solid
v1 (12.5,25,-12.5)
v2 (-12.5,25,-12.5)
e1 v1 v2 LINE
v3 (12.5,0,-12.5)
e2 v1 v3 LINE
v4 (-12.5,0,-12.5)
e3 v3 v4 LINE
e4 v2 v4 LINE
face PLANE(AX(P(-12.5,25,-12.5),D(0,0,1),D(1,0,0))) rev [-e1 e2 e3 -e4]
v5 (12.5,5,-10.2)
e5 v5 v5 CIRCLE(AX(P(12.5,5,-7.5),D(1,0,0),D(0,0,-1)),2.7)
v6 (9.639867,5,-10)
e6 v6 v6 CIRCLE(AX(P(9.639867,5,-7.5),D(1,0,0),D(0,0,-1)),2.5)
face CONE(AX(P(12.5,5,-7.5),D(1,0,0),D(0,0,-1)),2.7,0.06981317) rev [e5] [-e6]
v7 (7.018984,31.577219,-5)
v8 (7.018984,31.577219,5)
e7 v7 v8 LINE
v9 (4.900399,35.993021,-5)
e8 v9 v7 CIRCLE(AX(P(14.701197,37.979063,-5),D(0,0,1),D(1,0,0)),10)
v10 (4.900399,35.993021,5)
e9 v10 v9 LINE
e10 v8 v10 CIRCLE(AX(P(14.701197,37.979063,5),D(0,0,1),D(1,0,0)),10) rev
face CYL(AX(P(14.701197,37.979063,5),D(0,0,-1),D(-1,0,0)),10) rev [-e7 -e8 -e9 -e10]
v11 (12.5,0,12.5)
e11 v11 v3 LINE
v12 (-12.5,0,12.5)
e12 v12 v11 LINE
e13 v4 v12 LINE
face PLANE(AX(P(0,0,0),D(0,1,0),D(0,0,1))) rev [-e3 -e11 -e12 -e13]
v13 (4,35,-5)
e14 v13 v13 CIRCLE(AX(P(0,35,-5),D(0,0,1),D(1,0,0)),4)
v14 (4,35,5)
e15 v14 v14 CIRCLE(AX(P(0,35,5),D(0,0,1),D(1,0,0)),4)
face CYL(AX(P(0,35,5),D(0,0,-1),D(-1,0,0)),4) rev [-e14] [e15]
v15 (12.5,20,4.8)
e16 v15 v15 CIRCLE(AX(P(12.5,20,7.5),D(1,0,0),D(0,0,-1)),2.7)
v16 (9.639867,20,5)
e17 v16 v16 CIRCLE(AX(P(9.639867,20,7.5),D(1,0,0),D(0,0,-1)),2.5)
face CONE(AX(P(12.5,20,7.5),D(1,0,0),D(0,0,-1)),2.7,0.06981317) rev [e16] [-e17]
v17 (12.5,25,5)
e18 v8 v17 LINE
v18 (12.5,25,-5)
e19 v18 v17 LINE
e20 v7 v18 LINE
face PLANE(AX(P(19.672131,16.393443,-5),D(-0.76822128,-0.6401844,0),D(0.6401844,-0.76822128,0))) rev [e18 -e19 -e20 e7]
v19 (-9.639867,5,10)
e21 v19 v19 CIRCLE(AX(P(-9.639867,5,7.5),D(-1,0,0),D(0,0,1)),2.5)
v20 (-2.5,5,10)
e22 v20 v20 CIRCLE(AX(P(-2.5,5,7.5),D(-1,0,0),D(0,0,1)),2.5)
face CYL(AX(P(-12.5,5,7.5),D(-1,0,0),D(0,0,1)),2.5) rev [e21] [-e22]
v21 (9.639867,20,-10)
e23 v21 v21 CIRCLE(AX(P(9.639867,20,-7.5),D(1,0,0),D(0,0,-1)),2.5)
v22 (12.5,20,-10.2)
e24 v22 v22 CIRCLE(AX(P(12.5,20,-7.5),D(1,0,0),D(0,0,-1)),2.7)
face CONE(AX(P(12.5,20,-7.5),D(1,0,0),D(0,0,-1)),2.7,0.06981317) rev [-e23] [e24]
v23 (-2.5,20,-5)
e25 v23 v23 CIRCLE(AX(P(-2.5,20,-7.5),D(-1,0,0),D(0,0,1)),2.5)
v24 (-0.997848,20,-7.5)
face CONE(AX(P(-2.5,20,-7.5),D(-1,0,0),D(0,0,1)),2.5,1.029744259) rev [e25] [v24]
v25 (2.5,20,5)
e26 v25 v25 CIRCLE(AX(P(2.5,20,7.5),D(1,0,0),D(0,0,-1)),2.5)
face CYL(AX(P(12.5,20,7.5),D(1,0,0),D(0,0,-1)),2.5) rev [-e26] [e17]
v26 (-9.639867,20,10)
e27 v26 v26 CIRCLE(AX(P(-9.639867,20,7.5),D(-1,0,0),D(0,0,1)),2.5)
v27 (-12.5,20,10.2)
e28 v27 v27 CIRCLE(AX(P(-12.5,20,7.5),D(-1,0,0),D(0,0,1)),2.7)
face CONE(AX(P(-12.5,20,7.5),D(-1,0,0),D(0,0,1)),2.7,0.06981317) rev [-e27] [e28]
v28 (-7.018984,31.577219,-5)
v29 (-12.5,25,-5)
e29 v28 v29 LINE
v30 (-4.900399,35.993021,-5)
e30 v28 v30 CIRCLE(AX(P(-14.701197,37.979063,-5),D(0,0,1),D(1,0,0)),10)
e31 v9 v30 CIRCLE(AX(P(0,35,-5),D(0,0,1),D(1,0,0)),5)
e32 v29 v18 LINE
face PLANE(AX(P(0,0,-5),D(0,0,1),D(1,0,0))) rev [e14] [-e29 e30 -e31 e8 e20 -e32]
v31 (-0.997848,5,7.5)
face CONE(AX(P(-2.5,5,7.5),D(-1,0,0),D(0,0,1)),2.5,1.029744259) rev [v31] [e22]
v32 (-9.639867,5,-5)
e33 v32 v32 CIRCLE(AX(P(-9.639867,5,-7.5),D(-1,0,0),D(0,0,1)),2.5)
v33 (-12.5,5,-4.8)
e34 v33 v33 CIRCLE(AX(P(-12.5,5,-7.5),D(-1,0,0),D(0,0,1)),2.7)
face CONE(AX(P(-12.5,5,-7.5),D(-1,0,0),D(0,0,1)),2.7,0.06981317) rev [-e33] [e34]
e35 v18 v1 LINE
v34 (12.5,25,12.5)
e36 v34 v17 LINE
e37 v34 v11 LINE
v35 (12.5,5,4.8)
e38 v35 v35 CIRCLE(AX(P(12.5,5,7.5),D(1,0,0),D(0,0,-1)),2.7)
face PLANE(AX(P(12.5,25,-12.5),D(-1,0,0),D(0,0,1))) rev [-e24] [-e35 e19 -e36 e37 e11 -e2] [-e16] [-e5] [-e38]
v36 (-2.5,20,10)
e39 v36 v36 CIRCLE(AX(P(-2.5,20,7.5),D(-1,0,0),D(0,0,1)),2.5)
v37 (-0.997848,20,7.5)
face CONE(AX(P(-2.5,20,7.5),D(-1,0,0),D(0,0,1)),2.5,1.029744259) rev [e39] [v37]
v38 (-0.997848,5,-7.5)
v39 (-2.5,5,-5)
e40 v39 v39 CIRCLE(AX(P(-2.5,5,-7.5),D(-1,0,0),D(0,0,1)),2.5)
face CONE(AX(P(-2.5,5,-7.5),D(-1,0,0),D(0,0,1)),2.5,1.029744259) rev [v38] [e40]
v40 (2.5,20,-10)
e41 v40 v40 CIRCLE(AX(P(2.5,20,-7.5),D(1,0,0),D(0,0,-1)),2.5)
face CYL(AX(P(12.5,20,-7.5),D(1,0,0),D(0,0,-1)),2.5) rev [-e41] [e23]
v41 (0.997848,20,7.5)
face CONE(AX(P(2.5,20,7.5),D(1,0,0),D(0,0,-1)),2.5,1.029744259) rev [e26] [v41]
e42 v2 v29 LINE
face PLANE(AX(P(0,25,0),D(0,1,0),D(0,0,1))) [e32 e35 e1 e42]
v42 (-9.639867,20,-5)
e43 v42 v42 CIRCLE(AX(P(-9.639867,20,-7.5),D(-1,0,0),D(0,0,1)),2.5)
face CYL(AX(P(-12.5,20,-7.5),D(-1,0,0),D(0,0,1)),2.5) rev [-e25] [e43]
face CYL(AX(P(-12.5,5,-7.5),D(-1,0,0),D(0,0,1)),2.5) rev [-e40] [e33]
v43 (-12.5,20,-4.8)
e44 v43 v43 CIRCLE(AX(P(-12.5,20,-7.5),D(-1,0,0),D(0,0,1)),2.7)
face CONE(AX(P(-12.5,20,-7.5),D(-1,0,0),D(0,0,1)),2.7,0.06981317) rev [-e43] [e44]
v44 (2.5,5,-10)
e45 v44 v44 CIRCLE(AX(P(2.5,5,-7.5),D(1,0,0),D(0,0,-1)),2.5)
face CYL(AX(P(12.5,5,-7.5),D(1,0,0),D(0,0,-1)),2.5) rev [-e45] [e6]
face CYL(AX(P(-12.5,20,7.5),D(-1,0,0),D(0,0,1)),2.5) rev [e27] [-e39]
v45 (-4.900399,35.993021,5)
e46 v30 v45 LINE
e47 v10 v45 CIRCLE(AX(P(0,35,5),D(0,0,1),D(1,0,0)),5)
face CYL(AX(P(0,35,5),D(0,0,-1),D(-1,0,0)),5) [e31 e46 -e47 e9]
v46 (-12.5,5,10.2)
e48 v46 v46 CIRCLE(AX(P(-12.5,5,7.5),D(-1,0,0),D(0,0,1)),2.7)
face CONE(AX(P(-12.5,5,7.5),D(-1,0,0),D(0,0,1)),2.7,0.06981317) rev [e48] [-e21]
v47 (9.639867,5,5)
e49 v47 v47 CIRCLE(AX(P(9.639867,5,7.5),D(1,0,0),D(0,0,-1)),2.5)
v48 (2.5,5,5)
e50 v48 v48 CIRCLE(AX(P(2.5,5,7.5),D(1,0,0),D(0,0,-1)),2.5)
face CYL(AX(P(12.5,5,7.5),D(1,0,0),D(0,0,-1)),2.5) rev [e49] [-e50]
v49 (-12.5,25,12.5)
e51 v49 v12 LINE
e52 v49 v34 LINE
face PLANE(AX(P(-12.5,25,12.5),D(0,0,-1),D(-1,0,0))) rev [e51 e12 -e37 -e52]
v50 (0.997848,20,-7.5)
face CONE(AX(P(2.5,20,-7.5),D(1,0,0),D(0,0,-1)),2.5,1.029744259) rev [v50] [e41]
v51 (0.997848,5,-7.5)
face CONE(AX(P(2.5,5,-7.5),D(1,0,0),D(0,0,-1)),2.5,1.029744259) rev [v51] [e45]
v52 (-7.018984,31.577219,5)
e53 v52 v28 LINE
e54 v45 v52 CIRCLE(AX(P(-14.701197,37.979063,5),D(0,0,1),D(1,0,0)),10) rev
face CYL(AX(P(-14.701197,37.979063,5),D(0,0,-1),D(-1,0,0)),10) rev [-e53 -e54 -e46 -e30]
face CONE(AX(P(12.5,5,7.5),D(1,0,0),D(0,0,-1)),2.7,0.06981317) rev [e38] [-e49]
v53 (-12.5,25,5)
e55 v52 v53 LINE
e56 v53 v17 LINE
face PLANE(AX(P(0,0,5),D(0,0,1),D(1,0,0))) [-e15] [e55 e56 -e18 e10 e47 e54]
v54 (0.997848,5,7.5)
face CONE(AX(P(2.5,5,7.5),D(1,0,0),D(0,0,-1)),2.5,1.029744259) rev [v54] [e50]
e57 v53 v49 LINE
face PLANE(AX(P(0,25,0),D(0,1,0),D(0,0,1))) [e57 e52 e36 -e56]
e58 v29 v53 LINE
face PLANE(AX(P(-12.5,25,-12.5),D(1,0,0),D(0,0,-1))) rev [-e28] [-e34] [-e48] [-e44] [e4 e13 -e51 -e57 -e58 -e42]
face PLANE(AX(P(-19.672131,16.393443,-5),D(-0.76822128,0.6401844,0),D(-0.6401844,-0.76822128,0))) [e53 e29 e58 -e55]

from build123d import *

# Parameters (mm, degrees)
SKETCH2_W                = 25
SKETCH2_H                = 25
BOSS_EXTRUDE1_DEPTH      = 25
LPATTERN1_COUNT          = 2
LPATTERN1_PITCH          = 15
LPATTERN1_COUNT_DIR2     = 2
LPATTERN1_PITCH_DIR2     = 15
SKETCH6_R                = 4
BOSS_EXTRUDE3_DEPTH      = 5
BOSS_EXTRUDE3_DEPTH_BACK = 5
FILLET4_R                = 10


with BuildPart() as part:
    # Sketch2 → Boss-Extrude1 (new body)
    with BuildSketch(Plane(origin=(0, 0, 0), x_dir=(1, 0, 0), z_dir=(0, 1, 0))):
        Rectangle(SKETCH2_W, SKETCH2_H)
    extrude(amount=BOSS_EXTRUDE1_DEPTH)

    # Sketch4 → CSK for M3 Oval Head Machine Screw1 (revolve, cut)
    with BuildSketch(Plane(origin=(-12.5, 20, -7.5), x_dir=(0, 0, 1), z_dir=(0, 1, 0))):
        Polygon((0, 0), (0, 11.502151548), (2.5, 10), (2.5, 2.860133251), (2.7, 0), align=None)
    csk_for_m3_oval_head_machine_screw1 = revolve(axis=Axis((-18.85, 20, -7.5), (1, 0, 0)), mode=Mode.SUBTRACT)

    # LPattern1: CSK for M3 Oval Head Machine Screw1 2 × 2
    with Locations(*[(0, -i * LPATTERN1_PITCH, j * LPATTERN1_PITCH_DIR2) for i in range(LPATTERN1_COUNT) for j in range(LPATTERN1_COUNT_DIR2) if (i, j) != (0, 0)]):
        add(csk_for_m3_oval_head_machine_screw1, mode=Mode.SUBTRACT)

    # Mirror1: CSK for M3 Oval Head Machine Screw1 across plane
    add(csk_for_m3_oval_head_machine_screw1.mirror(Plane(origin=(0, 0, 0), x_dir=(0, 0, 1), z_dir=(1, 0, 0))), mode=Mode.SUBTRACT)

    # Mirror1 copy 1 sketch → Mirror1 copy 1 (revolve, cut)
    with BuildSketch(Plane(origin=(12.5, 20, 7.5), x_dir=(0, 0, 1), z_dir=(0, 1, 0))):
        Polygon((0, 0), (0, -11.502151548), (2.5, -10), (2.5, -2.860133251), (2.7, 0), align=None)
    revolve(axis=Axis((18.85, 20, 7.5), (1, 0, 0)), mode=Mode.SUBTRACT)

    # Mirror1 copy 2 sketch → Mirror1 copy 2 (revolve, cut)
    with BuildSketch(Plane(origin=(12.5, 5, -7.5), x_dir=(0, 0, 1), z_dir=(0, 1, 0))):
        Polygon((0, 0), (0, -11.502151548), (2.5, -10), (2.5, -2.860133251), (2.7, 0), align=None)
    revolve(axis=Axis((18.85, 5, -7.5), (1, 0, 0)), mode=Mode.SUBTRACT)

    # Mirror1 copy 3 sketch → Mirror1 copy 3 (revolve, cut)
    with BuildSketch(Plane(origin=(12.5, 5, 7.5), x_dir=(0, 0, 1), z_dir=(0, 1, 0))):
        Polygon((0, 0), (0, -11.502151548), (2.5, -10), (2.5, -2.860133251), (2.7, 0), align=None)
    revolve(axis=Axis((18.85, 5, 7.5), (1, 0, 0)), mode=Mode.SUBTRACT)

    # Sketch6 → Boss-Extrude3 (add, two sides)
    with BuildSketch(Plane.XY) as boss_extrude3_sk:
        with BuildLine():
            ThreePointArc((4.918032787, 34.098360656), (0, 40), (-4.918032787, 34.098360656))
            Line((-4.918032787, 34.098360656), (-12.5, 25))
            Line((-12.5, 25), (12.5, 25))
            Line((12.5, 25), (4.918032787, 34.098360656))
        make_face()
        with Locations((0, 35)):
            Circle(SKETCH6_R, mode=Mode.SUBTRACT)
    extrude(amount=BOSS_EXTRUDE3_DEPTH)
    extrude(boss_extrude3_sk.sketch, amount=-BOSS_EXTRUDE3_DEPTH_BACK)

    # Fillet4
    fillet4_edges = [part.edges().sort_by_distance(p)[0] for p in [
        (-4.918032787, 34.098360656, 0),
        (4.918032787, 34.098360656, 0),
    ]]
    fillet(fillet4_edges, radius=FILLET4_R)


solid = part.part
